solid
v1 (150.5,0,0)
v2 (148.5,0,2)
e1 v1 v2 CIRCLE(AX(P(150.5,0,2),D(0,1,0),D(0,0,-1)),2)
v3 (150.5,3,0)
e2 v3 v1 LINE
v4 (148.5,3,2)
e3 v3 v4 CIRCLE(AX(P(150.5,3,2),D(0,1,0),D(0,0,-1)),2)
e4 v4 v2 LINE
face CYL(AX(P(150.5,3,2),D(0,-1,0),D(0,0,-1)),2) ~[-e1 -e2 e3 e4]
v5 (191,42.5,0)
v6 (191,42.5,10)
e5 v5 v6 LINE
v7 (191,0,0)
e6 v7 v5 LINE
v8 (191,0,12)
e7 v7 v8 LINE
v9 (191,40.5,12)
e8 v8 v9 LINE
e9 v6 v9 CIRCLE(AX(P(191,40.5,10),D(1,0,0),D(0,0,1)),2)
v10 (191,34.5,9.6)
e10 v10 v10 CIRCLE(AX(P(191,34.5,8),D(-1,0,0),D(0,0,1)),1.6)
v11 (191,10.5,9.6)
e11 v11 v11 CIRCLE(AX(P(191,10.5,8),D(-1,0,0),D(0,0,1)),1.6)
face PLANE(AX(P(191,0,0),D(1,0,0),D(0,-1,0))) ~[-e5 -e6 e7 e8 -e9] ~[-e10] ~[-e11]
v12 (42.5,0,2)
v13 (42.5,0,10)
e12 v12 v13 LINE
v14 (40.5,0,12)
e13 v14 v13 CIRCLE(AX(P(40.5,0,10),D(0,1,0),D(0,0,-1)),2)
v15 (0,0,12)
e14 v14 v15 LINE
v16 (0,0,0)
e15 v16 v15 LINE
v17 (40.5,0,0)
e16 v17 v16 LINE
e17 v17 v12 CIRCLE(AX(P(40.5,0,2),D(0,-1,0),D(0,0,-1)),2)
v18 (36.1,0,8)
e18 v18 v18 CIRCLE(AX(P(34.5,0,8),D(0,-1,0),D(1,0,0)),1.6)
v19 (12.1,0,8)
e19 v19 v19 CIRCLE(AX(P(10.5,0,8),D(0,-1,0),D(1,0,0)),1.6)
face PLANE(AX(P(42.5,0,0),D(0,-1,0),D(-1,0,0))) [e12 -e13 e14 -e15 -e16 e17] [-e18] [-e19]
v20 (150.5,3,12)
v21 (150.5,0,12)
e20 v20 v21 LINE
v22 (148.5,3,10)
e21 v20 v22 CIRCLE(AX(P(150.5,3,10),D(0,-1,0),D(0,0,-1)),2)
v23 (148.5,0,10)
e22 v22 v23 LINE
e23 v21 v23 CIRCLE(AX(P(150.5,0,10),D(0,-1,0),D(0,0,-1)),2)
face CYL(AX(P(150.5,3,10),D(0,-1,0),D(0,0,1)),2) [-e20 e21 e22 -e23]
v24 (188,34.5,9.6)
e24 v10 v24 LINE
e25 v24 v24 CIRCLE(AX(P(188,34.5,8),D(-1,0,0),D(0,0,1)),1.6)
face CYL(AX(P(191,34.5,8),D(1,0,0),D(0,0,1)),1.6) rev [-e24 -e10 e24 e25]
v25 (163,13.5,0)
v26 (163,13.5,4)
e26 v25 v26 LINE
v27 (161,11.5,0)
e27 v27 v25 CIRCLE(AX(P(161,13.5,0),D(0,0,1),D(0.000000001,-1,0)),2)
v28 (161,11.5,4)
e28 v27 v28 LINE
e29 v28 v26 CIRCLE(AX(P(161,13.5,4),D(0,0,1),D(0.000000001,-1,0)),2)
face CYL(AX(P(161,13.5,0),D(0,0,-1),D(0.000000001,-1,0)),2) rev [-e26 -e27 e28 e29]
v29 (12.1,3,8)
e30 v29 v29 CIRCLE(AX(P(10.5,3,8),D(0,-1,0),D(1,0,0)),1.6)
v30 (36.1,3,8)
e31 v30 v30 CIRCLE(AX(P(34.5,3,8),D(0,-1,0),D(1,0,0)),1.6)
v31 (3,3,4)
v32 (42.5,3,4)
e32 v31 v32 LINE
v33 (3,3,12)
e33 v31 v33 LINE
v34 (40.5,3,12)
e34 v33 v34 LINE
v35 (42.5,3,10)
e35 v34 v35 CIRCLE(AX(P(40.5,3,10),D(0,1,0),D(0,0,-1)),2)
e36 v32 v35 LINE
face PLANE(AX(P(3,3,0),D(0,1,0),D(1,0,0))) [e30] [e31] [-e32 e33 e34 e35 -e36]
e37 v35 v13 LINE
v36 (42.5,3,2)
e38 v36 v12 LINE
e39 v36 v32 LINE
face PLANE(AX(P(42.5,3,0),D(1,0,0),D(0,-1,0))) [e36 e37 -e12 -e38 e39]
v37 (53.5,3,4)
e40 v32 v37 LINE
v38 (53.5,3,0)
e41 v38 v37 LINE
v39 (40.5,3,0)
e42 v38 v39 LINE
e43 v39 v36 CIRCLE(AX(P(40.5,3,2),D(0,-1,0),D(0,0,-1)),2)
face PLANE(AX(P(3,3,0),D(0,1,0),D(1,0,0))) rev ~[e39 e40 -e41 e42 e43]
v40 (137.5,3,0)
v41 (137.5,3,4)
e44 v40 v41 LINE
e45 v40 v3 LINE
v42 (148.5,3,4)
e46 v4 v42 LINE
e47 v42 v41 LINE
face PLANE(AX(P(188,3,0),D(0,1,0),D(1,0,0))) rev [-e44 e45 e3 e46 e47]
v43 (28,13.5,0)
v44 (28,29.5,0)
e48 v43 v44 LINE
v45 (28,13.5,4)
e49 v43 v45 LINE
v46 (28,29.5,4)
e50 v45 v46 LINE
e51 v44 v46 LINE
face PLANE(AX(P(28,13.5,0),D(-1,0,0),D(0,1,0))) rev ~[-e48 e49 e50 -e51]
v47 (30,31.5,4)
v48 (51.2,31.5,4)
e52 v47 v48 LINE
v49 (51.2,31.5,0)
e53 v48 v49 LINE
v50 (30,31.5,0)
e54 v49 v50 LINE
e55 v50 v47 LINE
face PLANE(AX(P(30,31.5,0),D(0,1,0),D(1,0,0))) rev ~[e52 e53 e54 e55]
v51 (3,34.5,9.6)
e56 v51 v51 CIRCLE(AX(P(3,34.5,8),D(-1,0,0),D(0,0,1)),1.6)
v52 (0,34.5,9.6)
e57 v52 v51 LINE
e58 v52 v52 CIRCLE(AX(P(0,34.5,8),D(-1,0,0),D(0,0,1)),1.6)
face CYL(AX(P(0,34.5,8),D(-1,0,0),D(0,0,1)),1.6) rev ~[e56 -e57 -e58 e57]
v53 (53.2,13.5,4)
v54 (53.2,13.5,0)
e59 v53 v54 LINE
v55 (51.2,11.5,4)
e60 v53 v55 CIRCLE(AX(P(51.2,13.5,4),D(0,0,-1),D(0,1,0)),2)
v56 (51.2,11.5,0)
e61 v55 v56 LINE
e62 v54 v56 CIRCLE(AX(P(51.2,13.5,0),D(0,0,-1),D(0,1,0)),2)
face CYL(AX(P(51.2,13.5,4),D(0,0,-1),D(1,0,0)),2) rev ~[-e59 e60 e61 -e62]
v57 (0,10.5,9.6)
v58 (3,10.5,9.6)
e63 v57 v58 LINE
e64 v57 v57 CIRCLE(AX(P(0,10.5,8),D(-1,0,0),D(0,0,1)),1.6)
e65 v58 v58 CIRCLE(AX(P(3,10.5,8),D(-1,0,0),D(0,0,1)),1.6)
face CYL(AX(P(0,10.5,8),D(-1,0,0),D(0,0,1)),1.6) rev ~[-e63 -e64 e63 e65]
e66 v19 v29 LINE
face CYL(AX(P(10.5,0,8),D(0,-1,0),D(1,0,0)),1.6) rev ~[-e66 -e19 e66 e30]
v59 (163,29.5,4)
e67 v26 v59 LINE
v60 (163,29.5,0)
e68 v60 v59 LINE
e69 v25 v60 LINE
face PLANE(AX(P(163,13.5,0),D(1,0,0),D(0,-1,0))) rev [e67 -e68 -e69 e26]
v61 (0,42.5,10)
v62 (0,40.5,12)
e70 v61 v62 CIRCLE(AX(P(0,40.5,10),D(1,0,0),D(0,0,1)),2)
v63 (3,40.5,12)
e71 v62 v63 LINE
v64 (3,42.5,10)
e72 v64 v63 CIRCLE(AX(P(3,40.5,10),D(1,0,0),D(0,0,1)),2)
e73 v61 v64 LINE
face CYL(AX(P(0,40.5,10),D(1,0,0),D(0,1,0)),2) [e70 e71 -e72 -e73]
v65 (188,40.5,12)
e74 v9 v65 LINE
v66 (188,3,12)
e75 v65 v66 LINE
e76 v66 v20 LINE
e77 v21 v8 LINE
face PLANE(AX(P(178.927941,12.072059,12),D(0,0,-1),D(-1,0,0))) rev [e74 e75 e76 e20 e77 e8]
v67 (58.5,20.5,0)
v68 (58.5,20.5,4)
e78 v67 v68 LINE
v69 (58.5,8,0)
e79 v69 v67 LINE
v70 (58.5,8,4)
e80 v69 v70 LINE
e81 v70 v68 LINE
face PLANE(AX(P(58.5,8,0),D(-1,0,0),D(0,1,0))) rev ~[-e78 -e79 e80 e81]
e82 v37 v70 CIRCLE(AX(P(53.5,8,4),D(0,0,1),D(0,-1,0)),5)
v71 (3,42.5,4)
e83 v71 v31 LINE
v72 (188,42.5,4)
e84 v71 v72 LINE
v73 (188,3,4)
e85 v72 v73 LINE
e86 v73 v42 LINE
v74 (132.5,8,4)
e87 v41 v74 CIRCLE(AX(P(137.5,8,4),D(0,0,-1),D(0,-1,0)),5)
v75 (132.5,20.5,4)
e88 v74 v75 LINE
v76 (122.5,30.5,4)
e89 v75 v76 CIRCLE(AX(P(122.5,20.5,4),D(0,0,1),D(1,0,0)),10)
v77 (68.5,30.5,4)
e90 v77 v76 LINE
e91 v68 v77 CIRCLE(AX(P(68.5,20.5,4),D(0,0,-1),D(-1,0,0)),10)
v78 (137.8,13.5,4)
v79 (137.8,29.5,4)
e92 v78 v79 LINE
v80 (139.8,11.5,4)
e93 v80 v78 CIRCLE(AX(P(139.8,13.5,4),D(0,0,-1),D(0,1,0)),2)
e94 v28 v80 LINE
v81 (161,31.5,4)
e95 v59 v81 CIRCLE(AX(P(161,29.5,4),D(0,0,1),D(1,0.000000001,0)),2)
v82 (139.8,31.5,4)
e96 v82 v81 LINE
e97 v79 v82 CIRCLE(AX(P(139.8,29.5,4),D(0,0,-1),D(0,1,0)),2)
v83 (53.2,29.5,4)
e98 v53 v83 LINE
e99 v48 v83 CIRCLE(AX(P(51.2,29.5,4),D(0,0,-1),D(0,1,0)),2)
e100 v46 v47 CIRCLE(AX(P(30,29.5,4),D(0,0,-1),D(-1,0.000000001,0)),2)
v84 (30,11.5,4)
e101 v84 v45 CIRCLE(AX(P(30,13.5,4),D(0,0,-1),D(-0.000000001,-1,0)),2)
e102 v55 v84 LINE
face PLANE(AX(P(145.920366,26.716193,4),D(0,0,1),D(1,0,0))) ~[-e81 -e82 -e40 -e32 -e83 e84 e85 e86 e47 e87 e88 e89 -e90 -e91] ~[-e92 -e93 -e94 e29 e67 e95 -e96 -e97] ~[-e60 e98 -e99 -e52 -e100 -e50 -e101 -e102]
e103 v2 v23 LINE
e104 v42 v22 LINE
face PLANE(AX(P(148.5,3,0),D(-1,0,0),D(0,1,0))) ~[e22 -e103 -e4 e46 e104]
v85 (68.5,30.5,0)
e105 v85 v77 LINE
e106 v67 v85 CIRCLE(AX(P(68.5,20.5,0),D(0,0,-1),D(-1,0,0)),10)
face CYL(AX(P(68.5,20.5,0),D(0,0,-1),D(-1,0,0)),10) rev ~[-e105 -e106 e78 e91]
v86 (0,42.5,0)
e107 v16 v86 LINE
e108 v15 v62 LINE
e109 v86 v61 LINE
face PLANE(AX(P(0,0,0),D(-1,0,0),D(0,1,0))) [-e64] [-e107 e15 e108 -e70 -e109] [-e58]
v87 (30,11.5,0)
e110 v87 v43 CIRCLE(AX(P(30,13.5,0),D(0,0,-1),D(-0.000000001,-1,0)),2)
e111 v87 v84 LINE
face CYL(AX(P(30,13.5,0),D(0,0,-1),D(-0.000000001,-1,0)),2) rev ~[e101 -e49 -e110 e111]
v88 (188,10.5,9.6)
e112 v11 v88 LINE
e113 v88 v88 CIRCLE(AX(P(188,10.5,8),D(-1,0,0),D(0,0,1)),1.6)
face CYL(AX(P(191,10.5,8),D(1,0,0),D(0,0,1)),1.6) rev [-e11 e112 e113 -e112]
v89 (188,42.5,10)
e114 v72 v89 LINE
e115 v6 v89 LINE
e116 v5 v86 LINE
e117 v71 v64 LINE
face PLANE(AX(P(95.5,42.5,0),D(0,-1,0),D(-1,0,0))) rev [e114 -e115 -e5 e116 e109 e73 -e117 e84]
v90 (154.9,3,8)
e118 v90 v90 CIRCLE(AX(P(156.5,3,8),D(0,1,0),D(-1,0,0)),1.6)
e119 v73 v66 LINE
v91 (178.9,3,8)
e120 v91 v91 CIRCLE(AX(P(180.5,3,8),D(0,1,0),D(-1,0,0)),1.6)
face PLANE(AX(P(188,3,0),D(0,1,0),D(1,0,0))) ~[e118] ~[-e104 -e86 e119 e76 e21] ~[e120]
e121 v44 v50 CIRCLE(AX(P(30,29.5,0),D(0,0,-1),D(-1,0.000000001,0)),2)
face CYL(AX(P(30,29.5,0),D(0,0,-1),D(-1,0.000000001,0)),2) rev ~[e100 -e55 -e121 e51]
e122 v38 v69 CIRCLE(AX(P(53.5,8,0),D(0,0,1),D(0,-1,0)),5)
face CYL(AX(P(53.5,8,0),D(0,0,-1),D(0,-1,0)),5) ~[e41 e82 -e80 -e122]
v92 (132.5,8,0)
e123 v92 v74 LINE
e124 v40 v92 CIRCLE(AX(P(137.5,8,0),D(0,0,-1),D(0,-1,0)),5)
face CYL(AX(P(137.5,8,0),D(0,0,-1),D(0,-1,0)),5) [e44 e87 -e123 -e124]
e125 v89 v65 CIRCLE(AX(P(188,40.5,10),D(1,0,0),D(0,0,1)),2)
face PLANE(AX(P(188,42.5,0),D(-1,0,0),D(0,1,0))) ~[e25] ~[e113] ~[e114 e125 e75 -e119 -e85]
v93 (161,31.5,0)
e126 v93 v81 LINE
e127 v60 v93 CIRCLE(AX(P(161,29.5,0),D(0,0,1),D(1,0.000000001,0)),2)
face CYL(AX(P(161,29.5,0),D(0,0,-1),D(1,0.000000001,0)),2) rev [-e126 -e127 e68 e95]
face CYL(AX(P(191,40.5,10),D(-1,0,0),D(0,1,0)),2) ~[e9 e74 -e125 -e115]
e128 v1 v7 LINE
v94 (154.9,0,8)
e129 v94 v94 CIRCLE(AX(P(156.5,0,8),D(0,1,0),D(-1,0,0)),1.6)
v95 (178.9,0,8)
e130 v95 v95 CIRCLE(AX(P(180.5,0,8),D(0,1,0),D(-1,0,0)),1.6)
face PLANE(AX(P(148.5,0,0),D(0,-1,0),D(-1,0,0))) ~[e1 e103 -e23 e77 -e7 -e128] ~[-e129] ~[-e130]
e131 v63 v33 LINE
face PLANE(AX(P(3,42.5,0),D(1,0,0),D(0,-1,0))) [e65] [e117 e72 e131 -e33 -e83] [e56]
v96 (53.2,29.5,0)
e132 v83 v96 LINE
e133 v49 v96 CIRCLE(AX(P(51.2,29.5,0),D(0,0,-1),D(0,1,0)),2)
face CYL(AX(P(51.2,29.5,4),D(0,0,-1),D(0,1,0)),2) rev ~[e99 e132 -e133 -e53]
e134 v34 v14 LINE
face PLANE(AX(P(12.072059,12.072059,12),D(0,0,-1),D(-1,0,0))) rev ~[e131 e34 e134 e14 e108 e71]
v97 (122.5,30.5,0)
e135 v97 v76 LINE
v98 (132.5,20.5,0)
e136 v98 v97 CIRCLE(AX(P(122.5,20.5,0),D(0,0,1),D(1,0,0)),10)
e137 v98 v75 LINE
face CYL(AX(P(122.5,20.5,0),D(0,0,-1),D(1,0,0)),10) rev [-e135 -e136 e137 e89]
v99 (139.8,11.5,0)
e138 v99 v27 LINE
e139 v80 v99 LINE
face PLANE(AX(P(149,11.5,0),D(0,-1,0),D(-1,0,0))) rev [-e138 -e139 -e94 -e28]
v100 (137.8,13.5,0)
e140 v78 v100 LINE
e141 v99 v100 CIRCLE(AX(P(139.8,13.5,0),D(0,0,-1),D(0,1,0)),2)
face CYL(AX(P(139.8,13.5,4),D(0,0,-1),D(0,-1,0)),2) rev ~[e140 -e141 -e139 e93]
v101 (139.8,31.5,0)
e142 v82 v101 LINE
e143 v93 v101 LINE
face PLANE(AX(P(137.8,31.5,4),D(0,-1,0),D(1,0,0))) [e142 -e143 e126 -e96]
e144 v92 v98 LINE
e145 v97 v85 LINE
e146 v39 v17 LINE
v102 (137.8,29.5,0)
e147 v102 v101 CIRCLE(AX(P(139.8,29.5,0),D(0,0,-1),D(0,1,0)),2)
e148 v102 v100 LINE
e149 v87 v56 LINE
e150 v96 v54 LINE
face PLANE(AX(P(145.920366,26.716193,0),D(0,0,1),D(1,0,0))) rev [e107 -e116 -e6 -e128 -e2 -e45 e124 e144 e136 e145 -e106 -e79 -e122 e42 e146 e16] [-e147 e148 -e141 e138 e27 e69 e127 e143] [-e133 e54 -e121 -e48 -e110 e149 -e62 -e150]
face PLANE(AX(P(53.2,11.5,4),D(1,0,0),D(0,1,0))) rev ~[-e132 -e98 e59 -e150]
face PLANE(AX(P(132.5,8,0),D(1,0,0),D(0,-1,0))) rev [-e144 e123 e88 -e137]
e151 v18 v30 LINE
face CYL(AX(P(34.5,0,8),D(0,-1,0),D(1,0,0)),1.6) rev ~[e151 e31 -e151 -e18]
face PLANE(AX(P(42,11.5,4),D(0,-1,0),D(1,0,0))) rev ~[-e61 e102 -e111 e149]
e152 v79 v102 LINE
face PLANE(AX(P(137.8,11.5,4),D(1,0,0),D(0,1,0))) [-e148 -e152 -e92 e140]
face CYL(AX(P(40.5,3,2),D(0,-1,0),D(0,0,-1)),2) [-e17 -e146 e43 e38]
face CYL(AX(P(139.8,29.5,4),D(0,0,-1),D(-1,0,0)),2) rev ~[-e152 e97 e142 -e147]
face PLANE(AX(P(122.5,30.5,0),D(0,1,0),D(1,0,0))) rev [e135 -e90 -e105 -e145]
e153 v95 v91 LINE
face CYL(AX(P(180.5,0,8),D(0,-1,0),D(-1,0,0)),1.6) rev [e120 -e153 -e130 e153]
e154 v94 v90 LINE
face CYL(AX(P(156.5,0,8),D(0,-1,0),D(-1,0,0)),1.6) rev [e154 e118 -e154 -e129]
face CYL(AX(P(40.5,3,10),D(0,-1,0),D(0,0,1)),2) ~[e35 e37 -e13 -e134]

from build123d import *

# Parameters (mm, degrees)
EXTRUDE_1_DEPTH     = 12
EXTRUDE_2_DEPTH     = 4
CUT_EXTRUDE_1_REACH = 107.216
SKETCH_3_R          = 1.6
CUT_EXTRUDE_2_REACH = 107.216
SKETCH_4_R          = 1.6
FILLET_2_R          = 2
SKETCH_5_W          = 11.2
SKETCH_5_H          = 20
CUT_EXTRUDE_3_DEPTH = 20
FILLET_4_R          = 2


with BuildPart() as part:
    # 草图1 → 凸台-拉伸1 (new body)
    with BuildSketch(Plane.XY):
        Polygon((0, 42.5), (0, 0), (42.5, 0), (42.5, 3), (3, 3), (3, 42.5), align=None)
    extrude(amount=EXTRUDE_1_DEPTH)

    # 草图1<6> → 凸台-拉伸2 (add)
    with BuildSketch(Plane.XY):
        with BuildLine():
            Line((95.5, 42.5), (3, 42.5))
            Line((3, 42.5), (3, 3))
            Line((3, 3), (42.5, 3))
            Line((42.5, 3), (53.5, 3))
            ThreePointArc((53.5, 3), (57.035533906, 4.464466094), (58.5, 8))
            Line((58.5, 8), (58.5, 20.5))
            ThreePointArc((58.5, 20.5), (61.428932188, 27.571067812), (68.5, 30.5))
            Line((68.5, 30.5), (95.5, 30.5))
            Line((95.5, 30.5), (95.5, 42.5))
        make_face()
        with BuildLine():
            ThreePointArc((28, 29.5), (28.585786438, 30.914213562), (30, 31.5))
            Line((30, 31.5), (42, 31.5))
            ThreePointArc((42, 31.5), (43.414213562, 30.914213562), (44, 29.5))
            Line((44, 29.5), (44, 13.5))
            ThreePointArc((44, 13.5), (43.414213562, 12.085786438), (42, 11.5))
            Line((42, 11.5), (30, 11.5))
            ThreePointArc((30, 11.5), (28.585786438, 12.085786438), (28, 13.5))
            Line((28, 13.5), (28, 29.5))
        make_face(mode=Mode.SUBTRACT)
    extrude(amount=EXTRUDE_2_DEPTH)

    # 草图3 → 切除-拉伸1 (cut, up to next)
    with BuildSketch(Plane.ZY, mode=Mode.PRIVATE) as cut_extrude_1_sk1:
        with Locations((8, 10.5)):
            Circle(SKETCH_3_R)
    cut_extrude_1_tool1 = extrude(cut_extrude_1_sk1.sketch, amount=-CUT_EXTRUDE_1_REACH, mode=Mode.PRIVATE) & part.part
    # 草图3 → 切除-拉伸1 (cut, up to next)
    with BuildSketch(Plane.ZY, mode=Mode.PRIVATE) as cut_extrude_1_sk2:
        with Locations((8, 34.5)):
            Circle(SKETCH_3_R)
    cut_extrude_1_tool2 = extrude(cut_extrude_1_sk2.sketch, amount=-CUT_EXTRUDE_1_REACH, mode=Mode.PRIVATE) & part.part
    add(cut_extrude_1_tool1.solids().sort_by_distance((0, 10.5, 8))[0], mode=Mode.SUBTRACT)
    add(cut_extrude_1_tool2.solids().sort_by_distance((0, 34.5, 8))[0], mode=Mode.SUBTRACT)

    # 草图4 → 切除-拉伸2 (cut, up to next)
    with BuildSketch(Plane.XZ, mode=Mode.PRIVATE) as cut_extrude_2_sk1:
        with Locations((10.5, 8)):
            Circle(SKETCH_4_R)
    cut_extrude_2_tool1 = extrude(cut_extrude_2_sk1.sketch, amount=-CUT_EXTRUDE_2_REACH, mode=Mode.PRIVATE) & part.part
    # 草图4 → 切除-拉伸2 (cut, up to next)
    with BuildSketch(Plane.XZ, mode=Mode.PRIVATE) as cut_extrude_2_sk2:
        with Locations((34.5, 8)):
            Circle(SKETCH_4_R)
    cut_extrude_2_tool2 = extrude(cut_extrude_2_sk2.sketch, amount=-CUT_EXTRUDE_2_REACH, mode=Mode.PRIVATE) & part.part
    add(cut_extrude_2_tool1.solids().sort_by_distance((10.5, 0, 8))[0], mode=Mode.SUBTRACT)
    add(cut_extrude_2_tool2.solids().sort_by_distance((34.5, 0, 8))[0], mode=Mode.SUBTRACT)

    # 圆角2
    fillet_2_edges = [part.edges().sort_by_distance(p)[0] for p in [
        (1.5, 42.5, 12),
        (42.5, 1.5, 0),
        (42.5, 1.5, 12),
    ]]
    fillet(fillet_2_edges, radius=FILLET_2_R)

    # 镜向1: part across plane


with BuildPart() as part_1:
    add(part.part)
    add(part.part.mirror(Plane(origin=(95.5, 0, 4), x_dir=(0, 0, 1), z_dir=(-1, 0, 0))))

    # 草图5 → 切除-拉伸3 (cut)
    with BuildSketch(Plane.XY.offset(4)):
        with Locations((47.6, 21.5)):
            Rectangle(SKETCH_5_W, SKETCH_5_H)
        with Locations((143.4, 21.5)):
            Rectangle(SKETCH_5_W, SKETCH_5_H)
    extrude(amount=-CUT_EXTRUDE_3_DEPTH, mode=Mode.SUBTRACT)

    # 圆角4
    fillet_4_edges = [part_1.edges().sort_by_distance(p)[0] for p in [
        (137.8, 31.5, 2),
        (137.8, 11.5, 2),
        (53.2, 11.5, 2),
        (53.2, 31.5, 2),
    ]]
    fillet(fillet_4_edges, radius=FILLET_4_R)


solid = part_1.part
